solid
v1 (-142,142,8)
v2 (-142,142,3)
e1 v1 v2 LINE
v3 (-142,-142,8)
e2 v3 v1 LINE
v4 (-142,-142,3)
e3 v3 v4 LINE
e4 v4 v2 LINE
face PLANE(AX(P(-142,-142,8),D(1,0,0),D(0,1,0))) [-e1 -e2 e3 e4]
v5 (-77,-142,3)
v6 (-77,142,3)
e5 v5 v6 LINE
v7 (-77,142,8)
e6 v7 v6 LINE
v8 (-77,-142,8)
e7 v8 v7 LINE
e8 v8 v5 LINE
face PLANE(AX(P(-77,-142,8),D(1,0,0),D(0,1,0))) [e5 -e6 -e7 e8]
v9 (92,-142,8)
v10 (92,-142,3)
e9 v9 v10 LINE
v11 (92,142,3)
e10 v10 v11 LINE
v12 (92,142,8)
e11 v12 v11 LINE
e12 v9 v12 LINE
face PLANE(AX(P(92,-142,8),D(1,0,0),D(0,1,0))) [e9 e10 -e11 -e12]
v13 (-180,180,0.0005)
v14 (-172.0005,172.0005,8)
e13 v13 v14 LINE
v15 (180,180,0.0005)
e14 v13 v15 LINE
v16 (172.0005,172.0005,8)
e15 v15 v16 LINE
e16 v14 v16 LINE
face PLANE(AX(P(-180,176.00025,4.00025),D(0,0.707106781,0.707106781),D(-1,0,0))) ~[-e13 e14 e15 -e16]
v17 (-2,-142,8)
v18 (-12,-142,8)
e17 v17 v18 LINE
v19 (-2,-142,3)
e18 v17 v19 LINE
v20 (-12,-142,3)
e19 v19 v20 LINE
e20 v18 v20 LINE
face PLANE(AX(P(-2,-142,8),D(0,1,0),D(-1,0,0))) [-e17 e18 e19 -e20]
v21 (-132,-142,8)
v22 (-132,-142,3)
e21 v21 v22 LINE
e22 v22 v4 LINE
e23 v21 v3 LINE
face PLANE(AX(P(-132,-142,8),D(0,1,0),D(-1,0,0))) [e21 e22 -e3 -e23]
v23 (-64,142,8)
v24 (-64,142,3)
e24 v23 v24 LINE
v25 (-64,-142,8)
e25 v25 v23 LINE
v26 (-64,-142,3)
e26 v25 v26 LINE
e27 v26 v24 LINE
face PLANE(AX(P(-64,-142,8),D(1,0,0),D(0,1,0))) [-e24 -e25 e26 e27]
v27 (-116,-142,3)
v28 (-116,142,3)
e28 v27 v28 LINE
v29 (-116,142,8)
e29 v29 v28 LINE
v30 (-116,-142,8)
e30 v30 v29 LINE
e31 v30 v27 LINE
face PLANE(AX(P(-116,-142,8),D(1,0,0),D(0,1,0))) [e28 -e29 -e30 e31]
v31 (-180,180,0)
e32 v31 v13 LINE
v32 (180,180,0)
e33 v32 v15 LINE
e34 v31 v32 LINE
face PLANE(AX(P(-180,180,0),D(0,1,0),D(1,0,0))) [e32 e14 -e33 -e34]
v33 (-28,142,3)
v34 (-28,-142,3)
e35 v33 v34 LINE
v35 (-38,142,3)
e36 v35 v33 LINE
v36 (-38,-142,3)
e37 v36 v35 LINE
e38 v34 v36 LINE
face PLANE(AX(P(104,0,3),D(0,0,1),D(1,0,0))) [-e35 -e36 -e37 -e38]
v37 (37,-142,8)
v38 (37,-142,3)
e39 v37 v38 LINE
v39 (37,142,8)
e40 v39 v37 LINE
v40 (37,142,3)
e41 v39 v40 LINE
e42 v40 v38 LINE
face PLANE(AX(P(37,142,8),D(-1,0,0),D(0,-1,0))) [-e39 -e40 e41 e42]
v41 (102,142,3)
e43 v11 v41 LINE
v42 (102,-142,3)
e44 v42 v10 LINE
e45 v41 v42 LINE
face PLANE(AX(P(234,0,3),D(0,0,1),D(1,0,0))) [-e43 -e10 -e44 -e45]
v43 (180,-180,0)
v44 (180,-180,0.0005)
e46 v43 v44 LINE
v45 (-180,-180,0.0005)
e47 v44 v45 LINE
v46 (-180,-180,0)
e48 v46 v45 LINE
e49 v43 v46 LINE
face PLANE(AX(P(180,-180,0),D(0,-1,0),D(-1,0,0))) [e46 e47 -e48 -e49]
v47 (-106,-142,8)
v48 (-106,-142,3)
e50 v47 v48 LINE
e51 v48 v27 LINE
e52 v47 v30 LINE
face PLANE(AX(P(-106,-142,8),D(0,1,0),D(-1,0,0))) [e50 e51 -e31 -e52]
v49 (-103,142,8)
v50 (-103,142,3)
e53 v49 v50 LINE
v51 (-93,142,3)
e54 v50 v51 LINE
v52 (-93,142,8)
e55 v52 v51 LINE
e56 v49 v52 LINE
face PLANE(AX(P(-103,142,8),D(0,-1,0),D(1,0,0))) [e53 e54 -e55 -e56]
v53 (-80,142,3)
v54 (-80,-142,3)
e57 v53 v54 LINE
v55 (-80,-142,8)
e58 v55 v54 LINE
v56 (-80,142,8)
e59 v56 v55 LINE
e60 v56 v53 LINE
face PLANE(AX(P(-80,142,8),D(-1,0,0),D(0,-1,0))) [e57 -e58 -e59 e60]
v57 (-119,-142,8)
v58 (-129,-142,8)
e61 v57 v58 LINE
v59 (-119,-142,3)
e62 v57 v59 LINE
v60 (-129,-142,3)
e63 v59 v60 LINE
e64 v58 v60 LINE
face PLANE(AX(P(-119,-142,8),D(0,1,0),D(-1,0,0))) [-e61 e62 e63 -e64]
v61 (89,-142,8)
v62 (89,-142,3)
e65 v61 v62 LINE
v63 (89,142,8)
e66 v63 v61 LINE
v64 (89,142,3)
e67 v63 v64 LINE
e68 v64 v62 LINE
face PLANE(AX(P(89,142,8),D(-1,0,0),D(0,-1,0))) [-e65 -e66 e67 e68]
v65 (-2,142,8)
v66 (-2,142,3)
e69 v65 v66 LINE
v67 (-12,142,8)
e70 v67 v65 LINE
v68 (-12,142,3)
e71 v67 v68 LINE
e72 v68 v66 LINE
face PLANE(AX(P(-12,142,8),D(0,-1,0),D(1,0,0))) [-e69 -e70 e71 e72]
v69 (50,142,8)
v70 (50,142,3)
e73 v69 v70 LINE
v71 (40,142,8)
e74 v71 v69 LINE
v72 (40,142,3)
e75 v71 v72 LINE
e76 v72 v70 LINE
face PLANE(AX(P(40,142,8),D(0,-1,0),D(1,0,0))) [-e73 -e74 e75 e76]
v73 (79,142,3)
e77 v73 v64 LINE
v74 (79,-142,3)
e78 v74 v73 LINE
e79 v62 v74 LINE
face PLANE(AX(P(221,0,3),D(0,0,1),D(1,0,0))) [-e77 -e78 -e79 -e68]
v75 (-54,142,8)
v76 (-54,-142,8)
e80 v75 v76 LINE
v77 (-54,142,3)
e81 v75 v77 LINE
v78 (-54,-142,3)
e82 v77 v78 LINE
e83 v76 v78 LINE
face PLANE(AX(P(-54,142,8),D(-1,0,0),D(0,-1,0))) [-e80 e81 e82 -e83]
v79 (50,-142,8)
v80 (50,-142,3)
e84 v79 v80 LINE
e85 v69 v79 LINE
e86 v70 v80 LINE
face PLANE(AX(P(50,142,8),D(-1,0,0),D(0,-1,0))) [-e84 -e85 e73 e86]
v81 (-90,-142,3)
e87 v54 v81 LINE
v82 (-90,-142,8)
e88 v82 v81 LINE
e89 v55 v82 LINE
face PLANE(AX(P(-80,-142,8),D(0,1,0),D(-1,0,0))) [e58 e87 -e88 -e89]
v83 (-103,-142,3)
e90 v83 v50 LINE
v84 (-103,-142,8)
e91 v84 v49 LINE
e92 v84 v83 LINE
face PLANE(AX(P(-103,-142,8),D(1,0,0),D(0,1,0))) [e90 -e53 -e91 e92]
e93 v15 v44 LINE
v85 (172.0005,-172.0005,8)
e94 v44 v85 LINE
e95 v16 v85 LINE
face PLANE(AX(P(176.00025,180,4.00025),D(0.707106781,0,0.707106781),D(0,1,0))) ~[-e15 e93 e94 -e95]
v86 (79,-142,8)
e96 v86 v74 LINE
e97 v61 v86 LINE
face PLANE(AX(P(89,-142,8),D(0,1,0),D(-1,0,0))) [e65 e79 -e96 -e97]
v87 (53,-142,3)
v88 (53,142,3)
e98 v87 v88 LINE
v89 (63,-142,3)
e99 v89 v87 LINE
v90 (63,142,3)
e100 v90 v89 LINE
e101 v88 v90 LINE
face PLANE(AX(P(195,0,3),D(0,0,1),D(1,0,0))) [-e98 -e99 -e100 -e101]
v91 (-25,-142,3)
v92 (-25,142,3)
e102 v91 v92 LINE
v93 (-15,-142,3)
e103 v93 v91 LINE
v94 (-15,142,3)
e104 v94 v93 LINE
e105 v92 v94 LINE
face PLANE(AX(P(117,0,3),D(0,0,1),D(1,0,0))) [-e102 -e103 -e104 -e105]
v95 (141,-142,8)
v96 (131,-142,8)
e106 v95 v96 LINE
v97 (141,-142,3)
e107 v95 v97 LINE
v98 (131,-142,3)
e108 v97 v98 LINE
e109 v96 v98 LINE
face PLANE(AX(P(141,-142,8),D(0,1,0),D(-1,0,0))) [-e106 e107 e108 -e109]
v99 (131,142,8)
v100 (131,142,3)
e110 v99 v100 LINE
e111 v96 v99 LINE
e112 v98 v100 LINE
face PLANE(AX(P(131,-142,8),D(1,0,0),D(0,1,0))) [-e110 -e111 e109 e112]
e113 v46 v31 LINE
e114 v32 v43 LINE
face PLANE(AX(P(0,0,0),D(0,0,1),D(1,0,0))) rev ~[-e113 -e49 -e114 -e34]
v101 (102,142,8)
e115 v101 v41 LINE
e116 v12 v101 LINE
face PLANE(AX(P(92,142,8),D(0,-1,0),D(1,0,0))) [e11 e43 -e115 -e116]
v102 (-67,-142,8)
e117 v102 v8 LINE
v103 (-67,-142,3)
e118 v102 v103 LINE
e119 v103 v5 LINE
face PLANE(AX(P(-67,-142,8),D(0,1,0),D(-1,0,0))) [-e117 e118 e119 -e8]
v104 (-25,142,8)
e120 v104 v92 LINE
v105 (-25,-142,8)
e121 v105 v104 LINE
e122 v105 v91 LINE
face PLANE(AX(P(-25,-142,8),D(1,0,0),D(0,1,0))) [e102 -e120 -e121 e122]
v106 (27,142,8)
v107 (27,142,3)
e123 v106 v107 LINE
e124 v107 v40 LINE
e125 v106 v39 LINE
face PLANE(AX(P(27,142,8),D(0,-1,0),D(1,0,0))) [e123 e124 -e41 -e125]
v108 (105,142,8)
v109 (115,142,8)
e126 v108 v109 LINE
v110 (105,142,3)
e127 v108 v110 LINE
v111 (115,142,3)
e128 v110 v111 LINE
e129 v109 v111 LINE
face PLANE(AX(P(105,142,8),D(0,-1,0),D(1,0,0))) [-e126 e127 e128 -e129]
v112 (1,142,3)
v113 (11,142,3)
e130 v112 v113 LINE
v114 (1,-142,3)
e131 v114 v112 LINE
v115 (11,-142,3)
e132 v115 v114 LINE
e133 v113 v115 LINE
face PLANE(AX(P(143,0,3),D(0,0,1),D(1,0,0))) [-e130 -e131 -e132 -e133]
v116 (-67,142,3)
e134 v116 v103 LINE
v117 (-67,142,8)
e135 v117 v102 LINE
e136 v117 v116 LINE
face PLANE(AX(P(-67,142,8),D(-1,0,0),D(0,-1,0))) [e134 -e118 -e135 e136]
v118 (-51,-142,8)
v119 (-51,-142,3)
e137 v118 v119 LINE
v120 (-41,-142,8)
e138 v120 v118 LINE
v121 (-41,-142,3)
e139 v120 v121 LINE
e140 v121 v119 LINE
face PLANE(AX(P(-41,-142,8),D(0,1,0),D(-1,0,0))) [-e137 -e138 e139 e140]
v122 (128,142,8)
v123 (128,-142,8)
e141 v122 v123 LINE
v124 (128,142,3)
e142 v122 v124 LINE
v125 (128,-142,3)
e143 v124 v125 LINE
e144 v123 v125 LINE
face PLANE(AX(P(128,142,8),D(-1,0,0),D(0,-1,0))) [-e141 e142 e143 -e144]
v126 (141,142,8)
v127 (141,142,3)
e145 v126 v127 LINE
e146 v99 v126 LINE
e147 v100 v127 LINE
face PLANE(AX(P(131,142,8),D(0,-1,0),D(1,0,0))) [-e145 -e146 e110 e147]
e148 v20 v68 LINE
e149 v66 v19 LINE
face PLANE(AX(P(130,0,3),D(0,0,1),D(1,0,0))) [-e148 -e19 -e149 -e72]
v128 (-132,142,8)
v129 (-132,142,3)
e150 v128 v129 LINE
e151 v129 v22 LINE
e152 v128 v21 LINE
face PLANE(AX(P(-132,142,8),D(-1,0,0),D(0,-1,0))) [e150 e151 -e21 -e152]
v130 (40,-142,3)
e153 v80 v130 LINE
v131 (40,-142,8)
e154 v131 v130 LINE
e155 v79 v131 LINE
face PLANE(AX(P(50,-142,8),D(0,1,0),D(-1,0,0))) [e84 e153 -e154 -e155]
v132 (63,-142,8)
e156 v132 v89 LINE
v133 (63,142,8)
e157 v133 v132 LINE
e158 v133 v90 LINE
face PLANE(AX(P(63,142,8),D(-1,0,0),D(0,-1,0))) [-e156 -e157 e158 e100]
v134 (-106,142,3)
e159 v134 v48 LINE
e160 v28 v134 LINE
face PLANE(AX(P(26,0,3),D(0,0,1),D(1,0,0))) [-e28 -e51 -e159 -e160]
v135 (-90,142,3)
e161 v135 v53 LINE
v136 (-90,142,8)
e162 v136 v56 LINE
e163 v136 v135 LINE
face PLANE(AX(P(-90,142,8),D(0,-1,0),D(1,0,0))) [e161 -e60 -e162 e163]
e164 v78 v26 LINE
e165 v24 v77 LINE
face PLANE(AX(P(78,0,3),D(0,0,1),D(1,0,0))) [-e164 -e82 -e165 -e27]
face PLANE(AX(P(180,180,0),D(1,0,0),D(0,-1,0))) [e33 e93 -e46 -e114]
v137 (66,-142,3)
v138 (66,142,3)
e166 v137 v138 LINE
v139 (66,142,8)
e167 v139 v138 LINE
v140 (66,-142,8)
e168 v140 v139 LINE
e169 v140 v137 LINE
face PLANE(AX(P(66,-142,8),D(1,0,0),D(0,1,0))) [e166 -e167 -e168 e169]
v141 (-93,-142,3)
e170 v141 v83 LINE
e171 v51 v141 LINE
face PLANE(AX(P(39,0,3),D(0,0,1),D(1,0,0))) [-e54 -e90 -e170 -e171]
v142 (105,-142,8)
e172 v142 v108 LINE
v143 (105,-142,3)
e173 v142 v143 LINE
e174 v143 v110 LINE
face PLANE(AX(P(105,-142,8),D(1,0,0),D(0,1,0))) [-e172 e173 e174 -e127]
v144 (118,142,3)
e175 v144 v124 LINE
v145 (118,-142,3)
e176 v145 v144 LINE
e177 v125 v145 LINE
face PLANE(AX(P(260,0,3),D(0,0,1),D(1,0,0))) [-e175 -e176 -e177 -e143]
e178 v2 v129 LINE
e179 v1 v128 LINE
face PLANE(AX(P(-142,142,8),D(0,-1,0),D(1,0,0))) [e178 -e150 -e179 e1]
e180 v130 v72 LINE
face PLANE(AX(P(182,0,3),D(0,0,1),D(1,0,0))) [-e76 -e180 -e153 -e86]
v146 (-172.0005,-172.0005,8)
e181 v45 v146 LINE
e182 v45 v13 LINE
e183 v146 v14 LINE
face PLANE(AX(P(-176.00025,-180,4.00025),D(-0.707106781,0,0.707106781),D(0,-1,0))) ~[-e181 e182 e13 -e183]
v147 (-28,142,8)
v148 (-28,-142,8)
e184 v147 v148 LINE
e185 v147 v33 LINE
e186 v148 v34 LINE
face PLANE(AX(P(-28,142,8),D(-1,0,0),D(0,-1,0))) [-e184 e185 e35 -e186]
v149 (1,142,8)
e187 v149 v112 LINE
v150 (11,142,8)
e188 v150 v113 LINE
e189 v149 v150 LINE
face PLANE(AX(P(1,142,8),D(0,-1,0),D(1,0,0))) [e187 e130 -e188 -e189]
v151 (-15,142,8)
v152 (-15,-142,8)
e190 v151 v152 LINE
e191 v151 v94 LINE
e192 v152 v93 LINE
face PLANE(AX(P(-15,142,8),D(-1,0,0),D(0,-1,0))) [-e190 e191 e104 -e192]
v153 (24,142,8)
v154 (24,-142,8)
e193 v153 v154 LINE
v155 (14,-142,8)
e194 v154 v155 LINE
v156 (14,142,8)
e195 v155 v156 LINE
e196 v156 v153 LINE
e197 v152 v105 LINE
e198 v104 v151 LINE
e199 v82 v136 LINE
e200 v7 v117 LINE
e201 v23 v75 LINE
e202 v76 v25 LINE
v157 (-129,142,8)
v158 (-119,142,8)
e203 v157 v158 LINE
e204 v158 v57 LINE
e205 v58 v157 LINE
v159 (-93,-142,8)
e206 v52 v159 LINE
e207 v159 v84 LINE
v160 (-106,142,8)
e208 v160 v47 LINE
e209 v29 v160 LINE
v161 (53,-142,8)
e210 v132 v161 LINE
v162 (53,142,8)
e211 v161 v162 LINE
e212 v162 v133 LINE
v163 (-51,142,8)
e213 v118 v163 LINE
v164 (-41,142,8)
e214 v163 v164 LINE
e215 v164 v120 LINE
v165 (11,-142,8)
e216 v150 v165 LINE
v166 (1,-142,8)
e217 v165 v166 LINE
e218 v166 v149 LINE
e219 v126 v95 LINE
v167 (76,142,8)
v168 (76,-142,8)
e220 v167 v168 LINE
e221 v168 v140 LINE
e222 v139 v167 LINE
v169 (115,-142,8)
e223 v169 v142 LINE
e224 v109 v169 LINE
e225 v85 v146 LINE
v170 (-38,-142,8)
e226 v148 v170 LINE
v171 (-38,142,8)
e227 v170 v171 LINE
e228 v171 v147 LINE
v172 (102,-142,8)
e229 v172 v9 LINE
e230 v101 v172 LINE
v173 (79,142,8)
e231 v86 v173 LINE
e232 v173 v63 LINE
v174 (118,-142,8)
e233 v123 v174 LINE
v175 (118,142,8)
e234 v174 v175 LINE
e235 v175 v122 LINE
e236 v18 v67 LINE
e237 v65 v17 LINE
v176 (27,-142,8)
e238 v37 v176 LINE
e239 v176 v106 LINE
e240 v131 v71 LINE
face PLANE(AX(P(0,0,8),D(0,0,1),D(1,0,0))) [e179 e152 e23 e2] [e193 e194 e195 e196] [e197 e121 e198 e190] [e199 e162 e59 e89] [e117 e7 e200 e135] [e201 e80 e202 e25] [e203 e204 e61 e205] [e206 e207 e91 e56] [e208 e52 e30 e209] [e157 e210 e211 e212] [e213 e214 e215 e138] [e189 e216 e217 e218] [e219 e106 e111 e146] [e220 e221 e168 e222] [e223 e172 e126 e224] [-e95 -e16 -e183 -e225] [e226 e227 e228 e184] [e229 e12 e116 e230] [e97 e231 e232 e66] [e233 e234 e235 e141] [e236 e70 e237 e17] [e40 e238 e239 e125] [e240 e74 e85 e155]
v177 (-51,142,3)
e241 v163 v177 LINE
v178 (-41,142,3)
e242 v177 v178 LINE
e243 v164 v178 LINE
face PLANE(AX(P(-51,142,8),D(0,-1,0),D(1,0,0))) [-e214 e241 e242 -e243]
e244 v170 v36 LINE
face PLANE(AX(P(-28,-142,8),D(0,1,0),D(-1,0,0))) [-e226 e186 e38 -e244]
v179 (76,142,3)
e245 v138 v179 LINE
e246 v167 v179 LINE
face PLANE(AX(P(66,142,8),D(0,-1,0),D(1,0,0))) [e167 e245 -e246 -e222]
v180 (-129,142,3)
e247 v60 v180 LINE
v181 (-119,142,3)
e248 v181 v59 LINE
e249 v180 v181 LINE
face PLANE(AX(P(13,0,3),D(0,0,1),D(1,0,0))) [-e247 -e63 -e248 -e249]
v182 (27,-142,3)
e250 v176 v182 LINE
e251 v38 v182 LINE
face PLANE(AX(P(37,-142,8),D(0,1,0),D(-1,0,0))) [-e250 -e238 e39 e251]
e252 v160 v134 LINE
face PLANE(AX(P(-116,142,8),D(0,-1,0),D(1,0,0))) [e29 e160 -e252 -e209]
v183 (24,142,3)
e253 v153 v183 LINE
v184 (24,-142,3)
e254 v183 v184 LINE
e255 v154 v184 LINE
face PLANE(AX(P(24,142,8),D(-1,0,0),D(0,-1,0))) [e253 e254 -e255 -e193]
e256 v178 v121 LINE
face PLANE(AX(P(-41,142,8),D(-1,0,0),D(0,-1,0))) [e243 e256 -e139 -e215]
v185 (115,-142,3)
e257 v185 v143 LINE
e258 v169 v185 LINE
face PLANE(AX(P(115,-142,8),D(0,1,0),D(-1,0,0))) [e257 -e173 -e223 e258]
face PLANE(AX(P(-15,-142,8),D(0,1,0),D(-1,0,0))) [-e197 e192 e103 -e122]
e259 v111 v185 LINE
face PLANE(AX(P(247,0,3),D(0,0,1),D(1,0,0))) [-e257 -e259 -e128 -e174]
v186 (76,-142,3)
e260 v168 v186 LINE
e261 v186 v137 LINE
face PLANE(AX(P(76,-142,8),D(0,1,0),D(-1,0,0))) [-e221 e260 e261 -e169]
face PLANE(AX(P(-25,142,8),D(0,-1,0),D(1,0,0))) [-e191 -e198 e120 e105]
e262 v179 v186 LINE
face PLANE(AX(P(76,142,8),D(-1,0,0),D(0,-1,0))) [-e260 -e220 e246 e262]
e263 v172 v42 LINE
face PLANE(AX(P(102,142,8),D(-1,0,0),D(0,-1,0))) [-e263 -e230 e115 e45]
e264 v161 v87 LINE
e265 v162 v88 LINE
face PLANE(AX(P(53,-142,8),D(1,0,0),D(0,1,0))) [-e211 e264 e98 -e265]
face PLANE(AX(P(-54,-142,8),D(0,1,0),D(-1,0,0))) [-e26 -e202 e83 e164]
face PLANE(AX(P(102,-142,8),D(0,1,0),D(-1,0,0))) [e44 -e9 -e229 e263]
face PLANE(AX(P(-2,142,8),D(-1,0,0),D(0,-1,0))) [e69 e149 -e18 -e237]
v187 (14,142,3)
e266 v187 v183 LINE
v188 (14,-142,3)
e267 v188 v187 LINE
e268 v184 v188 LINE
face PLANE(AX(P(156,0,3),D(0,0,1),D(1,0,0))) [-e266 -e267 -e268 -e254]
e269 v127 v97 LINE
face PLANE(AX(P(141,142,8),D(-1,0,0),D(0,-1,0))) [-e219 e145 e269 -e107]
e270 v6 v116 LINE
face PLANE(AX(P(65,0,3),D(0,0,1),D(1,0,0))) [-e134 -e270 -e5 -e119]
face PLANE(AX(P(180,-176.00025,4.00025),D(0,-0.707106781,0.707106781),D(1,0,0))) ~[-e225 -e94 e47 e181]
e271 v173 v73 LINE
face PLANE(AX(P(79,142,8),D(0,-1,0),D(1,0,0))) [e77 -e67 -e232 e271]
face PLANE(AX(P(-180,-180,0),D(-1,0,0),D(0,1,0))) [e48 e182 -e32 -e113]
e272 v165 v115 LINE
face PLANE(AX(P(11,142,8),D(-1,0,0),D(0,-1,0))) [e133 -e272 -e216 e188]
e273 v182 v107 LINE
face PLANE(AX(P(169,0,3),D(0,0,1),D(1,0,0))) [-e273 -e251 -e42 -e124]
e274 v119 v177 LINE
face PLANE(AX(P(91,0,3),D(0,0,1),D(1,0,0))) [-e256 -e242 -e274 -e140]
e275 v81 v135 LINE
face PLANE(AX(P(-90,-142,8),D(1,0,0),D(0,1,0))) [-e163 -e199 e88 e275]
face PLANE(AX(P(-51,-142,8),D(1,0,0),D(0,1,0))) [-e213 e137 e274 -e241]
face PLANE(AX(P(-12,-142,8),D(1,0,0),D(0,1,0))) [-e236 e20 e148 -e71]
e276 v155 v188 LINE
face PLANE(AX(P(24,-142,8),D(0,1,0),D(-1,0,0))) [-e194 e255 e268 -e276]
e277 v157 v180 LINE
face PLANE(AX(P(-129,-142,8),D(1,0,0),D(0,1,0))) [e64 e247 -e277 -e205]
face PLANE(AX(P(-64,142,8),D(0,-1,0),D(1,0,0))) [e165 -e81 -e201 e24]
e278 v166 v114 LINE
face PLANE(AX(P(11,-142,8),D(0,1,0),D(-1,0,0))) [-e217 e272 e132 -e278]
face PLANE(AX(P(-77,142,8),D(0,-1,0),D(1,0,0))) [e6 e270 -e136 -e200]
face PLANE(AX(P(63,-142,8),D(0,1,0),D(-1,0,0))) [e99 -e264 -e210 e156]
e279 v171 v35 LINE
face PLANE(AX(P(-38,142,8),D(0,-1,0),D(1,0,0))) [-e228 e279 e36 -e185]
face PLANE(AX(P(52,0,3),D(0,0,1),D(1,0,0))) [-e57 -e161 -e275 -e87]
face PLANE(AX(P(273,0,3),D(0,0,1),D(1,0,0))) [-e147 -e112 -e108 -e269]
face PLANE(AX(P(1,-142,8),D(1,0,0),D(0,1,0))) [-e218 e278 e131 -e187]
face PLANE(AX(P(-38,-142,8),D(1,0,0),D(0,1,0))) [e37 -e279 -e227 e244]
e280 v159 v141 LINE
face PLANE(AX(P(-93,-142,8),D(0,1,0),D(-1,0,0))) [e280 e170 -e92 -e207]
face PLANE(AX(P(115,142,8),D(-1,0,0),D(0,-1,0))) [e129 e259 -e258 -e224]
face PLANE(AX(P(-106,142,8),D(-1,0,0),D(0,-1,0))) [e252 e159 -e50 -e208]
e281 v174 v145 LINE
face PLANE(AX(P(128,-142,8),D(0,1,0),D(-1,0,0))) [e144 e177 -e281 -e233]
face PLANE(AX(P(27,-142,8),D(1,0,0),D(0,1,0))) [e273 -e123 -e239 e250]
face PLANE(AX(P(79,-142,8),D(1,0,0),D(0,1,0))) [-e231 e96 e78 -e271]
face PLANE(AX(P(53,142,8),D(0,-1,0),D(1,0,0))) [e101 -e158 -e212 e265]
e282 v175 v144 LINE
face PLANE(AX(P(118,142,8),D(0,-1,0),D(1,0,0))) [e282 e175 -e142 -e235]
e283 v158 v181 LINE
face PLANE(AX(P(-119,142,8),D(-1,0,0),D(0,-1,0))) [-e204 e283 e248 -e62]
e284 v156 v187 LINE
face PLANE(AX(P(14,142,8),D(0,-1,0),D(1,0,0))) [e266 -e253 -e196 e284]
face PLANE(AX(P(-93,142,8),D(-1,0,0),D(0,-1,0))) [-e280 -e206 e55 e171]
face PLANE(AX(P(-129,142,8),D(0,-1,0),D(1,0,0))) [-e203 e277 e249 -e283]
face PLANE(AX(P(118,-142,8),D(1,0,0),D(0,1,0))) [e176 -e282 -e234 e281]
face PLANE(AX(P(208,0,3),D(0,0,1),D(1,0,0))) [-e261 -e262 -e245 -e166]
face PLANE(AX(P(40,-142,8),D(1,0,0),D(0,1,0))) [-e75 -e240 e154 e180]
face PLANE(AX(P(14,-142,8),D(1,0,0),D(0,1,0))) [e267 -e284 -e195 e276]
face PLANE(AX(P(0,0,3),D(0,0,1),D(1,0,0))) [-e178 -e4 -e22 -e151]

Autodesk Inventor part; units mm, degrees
ref_plane "YZ Plane" through (0, 0, 0) normal (1, 0, 0) x (0, 1, 0)
ref_plane "XZ Plane" through (0, 0, 0) normal (0, 1, 0) x (-1, 0, 0)
ref_plane "XY Plane" through (0, 0, 0) normal (0, 0, 1) x (1, 0, 0)
sketch "Sketch1" plane through (0, 0, 0) normal (0, 0, 1) x (1, 0, 0)
  line L0 (-180, 180) -> (180, 180)
  line L1 (180, 180) -> (180, -180)
  line L2 (180, -180) -> (-180, -180)
  line L3 (-180, -180) -> (-180, 180)
  point P0 (0, 0)
  dimension "d0" = 360
  dimension "d1" = 360
  dimension "d2" = 180
  dimension "d3" = 180
extrude "Extrusion1" add sketch "Sketch1" along normal blind 8
chamfer "Chamfer1" distance 8 angle 45 4 edges at (-180, 0, 8) (0, -180, 8) (180, 0, 8) (0, 180, 8)
sketch "Sketch3" plane through (0, 0, 8) normal (0, 0, 1) x (1, 0, 0)
  line L0 (-172, -172) -> (-172, 172) construction
  line L1 (-172, 142) -> (172, 142) construction
  line L2 (-172, 172) -> (172, 172) construction
  line L3 (-142, 172) -> (-142, -172) construction
  line L4 (172, -172) -> (-172, -172) construction
  line L5 (-172, -142) -> (172, -142) construction
  line L6 (172, 172) -> (172, -172) construction
  line L7 (142, 172) -> (142, -172) construction
  line L8 (-142, 142) -> (-132, 142)
  line L9 (-132, 142) -> (-132, -142)
  line L10 (-132, -142) -> (-142, -142)
  line L11 (-142, -142) -> (-142, 142)
  point P0 (0, 0)
  dimension "d12" = 30
  dimension "d13" = 30
  dimension "d14" = 30
  dimension "d15" = 30
  dimension "d16" = 10
extrude "Extrusion2" cut sketch "Sketch3" against normal blind 5
pattern_linear "Rectangular Pattern1" count 22 spacing 13 along (1, 0, 0) of "Extrusion2"
equation "\"d0\" = edge_length"
equation "\"d1\" = edge_length"
equation "\"d2\" = 0.5 * edge_length"
equation "\"d3\" = 0.5 * edge_length"
equation "\"d4\" = wall_width"
equation "\"d6\" = wall_width"
equation "\"d12\" = d13"
equation "\"d14\" = d13"
equation "\"d15\" = d13"
equation "\"edge_length\" = 360"
equation "\"wall_width\" = 8"
properties part number "Element"
